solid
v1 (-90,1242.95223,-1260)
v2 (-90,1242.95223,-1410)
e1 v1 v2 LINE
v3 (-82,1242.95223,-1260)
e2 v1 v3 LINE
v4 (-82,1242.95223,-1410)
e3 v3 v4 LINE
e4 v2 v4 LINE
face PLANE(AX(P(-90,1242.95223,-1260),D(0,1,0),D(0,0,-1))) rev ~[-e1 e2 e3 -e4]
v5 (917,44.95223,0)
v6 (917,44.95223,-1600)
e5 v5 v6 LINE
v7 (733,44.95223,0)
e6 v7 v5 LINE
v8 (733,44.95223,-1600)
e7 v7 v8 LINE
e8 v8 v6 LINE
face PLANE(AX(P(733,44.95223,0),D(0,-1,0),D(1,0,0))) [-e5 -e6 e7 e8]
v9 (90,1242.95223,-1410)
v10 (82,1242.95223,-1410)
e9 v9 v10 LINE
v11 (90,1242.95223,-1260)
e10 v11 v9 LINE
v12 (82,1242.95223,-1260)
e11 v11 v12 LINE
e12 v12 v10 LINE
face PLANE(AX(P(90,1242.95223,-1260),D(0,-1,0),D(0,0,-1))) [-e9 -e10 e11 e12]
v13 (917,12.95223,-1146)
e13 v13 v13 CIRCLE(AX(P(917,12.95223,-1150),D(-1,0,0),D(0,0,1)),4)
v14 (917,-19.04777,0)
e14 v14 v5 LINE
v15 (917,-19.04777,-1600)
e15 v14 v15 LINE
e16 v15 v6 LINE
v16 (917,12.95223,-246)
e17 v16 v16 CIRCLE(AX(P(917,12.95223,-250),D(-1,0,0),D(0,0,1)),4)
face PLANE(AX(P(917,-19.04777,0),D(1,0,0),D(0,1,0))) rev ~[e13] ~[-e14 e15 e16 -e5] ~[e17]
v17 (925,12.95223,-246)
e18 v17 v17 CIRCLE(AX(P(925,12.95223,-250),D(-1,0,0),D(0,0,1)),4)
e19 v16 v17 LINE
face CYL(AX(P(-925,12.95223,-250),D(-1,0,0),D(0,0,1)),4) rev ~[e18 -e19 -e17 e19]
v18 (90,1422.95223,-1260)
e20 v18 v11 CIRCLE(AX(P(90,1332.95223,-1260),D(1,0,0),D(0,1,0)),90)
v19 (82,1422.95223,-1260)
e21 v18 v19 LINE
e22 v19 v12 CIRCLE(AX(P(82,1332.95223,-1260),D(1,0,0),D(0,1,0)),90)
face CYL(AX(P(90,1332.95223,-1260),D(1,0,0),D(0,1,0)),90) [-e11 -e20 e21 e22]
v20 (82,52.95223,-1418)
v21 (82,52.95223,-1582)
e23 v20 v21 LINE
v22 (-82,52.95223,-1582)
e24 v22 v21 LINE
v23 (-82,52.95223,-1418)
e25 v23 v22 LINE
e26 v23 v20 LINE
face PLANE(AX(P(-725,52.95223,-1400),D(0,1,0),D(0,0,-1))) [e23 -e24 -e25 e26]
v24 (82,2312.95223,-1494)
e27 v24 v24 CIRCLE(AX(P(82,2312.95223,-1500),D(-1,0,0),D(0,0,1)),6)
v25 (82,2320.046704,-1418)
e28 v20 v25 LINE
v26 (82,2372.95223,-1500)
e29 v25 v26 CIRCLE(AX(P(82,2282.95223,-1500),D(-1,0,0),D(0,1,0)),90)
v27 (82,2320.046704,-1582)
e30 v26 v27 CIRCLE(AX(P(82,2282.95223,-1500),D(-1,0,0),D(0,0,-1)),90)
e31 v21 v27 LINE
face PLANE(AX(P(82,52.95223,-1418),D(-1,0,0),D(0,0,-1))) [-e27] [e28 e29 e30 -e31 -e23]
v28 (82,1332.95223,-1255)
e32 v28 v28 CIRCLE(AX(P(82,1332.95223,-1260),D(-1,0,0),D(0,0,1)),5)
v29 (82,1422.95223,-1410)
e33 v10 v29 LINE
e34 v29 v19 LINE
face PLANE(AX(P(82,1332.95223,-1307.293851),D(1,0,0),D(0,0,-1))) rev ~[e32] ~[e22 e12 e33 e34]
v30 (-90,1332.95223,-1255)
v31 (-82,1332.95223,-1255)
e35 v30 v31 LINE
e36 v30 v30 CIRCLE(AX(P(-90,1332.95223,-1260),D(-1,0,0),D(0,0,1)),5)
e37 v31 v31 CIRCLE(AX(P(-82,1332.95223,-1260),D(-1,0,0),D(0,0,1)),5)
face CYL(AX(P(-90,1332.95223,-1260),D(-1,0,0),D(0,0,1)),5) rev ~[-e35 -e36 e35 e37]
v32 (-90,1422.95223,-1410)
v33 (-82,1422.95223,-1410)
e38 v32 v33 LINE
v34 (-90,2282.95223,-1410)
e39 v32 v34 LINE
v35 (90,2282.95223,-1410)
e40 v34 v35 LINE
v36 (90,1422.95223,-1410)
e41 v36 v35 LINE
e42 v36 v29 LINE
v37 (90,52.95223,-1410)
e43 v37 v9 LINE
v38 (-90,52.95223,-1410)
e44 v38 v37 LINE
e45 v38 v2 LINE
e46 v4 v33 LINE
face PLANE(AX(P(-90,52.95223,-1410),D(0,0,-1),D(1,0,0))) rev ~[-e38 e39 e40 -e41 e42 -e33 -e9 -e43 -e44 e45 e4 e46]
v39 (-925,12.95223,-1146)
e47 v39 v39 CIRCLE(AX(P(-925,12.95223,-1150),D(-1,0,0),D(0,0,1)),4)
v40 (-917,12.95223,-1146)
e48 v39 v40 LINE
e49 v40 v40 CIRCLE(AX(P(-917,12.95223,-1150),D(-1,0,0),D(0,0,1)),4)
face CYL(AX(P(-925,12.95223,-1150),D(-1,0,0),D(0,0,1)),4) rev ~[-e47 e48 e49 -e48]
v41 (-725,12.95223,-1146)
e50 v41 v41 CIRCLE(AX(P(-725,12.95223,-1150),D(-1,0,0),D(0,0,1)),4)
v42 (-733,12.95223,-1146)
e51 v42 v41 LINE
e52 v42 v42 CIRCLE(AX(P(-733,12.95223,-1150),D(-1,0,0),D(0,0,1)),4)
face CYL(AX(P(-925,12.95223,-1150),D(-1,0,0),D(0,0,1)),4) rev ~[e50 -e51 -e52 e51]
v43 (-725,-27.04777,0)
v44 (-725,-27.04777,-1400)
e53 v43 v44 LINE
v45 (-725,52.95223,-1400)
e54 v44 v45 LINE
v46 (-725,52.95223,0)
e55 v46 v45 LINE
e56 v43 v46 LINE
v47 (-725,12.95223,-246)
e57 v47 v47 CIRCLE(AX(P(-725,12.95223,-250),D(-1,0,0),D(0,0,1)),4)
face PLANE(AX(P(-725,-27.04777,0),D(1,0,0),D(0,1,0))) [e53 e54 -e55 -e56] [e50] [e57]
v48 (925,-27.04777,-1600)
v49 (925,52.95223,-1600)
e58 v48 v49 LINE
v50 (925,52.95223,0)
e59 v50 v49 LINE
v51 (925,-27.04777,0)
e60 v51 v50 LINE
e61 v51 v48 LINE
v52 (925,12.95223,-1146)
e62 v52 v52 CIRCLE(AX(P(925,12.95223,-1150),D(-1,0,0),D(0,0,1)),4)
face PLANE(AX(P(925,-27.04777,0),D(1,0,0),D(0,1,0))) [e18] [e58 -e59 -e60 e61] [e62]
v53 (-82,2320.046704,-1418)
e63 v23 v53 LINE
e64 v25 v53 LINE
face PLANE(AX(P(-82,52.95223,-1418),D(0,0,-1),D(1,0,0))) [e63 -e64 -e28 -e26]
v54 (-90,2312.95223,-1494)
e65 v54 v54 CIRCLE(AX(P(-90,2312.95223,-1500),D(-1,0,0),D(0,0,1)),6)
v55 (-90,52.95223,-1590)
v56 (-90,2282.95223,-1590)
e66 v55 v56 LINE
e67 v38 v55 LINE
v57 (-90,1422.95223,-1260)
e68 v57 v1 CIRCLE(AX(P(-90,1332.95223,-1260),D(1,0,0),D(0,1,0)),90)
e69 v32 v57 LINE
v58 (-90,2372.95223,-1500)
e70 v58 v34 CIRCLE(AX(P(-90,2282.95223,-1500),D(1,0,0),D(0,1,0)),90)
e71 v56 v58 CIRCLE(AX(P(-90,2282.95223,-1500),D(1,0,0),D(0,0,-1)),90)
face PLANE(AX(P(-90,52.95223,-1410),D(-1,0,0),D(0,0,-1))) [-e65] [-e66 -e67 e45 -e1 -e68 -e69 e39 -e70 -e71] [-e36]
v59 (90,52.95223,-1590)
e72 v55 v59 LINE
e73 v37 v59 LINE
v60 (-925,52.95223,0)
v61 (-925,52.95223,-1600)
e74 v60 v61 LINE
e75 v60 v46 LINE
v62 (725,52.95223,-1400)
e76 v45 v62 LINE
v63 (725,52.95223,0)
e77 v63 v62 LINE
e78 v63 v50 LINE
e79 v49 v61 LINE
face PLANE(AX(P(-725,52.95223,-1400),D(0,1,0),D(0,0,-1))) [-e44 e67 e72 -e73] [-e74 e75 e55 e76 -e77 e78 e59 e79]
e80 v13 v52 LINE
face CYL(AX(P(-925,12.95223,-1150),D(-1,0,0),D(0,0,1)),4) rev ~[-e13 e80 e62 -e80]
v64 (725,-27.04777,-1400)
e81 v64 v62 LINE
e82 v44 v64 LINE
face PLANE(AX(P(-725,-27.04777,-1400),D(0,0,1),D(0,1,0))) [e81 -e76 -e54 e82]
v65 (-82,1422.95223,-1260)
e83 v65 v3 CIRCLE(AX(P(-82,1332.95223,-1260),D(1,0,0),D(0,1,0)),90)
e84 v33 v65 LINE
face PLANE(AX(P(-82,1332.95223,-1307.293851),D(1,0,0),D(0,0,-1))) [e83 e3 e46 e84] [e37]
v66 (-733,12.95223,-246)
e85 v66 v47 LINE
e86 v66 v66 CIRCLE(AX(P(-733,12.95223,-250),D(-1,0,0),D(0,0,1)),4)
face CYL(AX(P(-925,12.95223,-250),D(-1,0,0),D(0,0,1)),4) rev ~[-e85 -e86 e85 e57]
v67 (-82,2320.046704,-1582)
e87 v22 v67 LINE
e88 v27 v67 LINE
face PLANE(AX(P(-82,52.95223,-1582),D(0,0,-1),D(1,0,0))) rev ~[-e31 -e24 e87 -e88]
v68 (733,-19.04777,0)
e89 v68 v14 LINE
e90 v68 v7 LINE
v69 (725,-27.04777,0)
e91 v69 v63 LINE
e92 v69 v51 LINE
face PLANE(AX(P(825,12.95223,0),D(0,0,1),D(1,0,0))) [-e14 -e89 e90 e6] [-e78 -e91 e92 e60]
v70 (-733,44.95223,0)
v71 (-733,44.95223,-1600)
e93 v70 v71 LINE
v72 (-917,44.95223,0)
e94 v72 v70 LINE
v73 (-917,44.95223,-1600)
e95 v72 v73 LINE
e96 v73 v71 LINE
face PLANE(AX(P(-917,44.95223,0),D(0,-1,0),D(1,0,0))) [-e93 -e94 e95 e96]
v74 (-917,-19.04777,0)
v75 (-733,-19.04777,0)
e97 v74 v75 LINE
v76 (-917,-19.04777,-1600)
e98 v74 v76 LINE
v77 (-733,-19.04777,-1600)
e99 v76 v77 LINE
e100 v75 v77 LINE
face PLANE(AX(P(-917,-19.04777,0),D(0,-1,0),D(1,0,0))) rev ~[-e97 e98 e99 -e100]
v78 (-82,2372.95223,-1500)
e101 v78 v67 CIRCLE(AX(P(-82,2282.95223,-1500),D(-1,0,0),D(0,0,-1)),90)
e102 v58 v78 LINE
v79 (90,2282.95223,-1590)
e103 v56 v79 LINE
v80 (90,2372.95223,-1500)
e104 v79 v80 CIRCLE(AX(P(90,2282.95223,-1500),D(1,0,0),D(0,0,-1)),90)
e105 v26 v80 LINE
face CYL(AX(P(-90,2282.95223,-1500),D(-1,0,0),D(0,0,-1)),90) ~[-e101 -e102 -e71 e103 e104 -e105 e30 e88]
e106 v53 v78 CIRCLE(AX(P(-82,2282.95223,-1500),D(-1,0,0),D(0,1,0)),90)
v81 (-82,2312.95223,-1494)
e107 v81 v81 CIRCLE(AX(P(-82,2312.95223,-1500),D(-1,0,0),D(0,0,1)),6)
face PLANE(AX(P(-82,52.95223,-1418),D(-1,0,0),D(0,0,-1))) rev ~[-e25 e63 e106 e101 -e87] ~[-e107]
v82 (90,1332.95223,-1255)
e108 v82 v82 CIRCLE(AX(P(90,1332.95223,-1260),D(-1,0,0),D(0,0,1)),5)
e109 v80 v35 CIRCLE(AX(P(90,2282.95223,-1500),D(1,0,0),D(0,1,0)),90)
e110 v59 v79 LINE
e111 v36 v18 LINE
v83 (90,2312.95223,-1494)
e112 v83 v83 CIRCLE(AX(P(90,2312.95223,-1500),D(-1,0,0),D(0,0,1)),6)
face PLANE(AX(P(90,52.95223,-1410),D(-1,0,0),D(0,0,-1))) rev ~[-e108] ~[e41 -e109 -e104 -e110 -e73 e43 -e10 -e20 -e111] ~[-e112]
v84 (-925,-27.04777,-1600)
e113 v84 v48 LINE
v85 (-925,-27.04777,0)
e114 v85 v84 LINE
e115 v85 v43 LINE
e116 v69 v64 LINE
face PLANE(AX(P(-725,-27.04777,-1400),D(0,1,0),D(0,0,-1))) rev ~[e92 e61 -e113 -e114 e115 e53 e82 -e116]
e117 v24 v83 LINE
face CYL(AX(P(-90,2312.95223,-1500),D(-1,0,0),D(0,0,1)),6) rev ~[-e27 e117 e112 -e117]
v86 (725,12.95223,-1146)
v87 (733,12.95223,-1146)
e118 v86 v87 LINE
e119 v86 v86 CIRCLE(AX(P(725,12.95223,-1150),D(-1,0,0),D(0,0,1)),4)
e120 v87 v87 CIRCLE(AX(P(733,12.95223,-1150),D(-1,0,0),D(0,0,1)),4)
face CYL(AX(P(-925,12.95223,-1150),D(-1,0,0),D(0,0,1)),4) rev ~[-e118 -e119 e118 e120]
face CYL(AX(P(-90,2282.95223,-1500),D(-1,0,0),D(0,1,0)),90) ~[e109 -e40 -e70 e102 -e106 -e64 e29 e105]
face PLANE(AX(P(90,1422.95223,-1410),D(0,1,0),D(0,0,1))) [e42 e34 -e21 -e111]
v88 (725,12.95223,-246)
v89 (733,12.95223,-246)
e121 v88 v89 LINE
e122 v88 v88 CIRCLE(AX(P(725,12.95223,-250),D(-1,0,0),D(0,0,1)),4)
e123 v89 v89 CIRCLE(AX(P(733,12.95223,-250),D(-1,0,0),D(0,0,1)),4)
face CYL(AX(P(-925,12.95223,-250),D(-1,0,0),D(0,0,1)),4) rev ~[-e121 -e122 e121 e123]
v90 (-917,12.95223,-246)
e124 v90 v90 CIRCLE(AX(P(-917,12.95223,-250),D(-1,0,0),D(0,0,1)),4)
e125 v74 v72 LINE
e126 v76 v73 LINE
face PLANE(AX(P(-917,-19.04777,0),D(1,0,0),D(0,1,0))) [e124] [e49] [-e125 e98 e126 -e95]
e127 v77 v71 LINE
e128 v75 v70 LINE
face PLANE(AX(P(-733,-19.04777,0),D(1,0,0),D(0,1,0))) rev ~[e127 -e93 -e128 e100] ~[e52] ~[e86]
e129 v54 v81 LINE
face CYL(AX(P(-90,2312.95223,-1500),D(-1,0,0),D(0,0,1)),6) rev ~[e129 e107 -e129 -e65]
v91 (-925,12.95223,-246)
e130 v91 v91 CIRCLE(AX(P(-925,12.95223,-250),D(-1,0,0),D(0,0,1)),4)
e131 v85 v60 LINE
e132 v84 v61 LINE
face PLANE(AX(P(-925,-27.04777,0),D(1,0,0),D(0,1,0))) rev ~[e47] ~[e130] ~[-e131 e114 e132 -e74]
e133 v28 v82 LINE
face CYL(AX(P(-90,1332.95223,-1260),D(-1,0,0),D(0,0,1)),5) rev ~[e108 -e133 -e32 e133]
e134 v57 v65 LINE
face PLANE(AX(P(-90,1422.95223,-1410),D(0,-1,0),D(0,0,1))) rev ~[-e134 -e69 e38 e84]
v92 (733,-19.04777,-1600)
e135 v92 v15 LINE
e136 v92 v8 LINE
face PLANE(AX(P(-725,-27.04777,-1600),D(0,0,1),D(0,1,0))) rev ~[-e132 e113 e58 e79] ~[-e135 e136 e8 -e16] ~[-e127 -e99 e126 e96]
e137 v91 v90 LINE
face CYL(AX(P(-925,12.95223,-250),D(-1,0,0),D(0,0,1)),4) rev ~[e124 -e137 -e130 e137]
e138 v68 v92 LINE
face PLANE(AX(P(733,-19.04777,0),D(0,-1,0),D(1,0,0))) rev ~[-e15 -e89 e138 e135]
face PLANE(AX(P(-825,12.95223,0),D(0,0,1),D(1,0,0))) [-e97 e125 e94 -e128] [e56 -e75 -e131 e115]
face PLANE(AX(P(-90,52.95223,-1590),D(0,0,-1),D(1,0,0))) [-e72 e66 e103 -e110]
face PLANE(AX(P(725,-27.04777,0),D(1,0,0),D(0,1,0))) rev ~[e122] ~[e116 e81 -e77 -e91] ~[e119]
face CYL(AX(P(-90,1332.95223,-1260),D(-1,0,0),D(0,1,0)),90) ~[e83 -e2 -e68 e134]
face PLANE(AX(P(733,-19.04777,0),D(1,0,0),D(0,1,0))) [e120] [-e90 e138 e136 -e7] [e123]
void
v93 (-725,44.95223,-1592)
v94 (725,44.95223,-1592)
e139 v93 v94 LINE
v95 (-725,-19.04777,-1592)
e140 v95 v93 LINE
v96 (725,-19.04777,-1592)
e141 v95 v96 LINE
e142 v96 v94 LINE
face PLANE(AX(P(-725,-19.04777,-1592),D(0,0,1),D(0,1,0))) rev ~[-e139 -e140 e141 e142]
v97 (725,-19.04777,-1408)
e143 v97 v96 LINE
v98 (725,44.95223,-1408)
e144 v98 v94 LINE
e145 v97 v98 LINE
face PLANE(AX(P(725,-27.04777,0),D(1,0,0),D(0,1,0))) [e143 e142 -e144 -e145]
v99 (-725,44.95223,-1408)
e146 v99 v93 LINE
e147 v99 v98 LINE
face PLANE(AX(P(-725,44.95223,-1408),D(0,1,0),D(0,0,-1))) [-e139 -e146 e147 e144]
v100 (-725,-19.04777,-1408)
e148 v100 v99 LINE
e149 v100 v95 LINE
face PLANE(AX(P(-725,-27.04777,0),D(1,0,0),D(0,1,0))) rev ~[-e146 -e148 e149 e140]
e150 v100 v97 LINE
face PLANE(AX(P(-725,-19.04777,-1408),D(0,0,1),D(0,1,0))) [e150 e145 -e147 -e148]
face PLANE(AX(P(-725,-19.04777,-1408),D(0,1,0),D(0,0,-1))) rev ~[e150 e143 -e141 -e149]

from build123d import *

# Parameters (mm, degrees)
IZIM1_W                       = 200
IZIM1_H                       = 80
IZIM1_W_2                     = 184
IZIM1_H_2                     = 64
Y_KSEKLIK_EKSTR_ZYON1_DEPTH   = 1600
Y_KSEKLIK_EKSTR_ZYON1_2_DEPTH = 1600
IZIM2_W                       = 200
IZIM2_H                       = 80
IZIM2_W_2                     = 184
IZIM2_H_2                     = 64
Y_KSEKLIK_EKSTR_ZYON2_DEPTH   = 1450
IZIM3_W                       = 180
IZIM3_H                       = 180
IZIM3_W_2                     = 164
IZIM3_H_2                     = 164
Y_KSEKLIK_EKSTR_ZYON3_DEPTH   = 2320
KES_EKSTR_ZYON1_DEPTH         = 180
IZIM4_3_R                     = 6
KES_EKSTR_ZYON2_DEPTH         = 180
IZIM5_R                       = 4
KES_EKSTR_ZYON3_DEPTH         = 1850
Y_KSEKLIK_EKSTR_ZYON4_DEPTH   = 8
Y_KSEKLIK_EKSTR_ZYON5_DEPTH   = 8
IZIM8_R                       = 5
KES_EKSTR_ZYON4_DEPTH         = 284


with BuildPart() as part:
    # Çizim1 → Yükseklik-Ekstrüzyon1 (new body)
    with BuildSketch(Plane.XY):
        with Locations((-825, 12.952230465)):
            Rectangle(IZIM1_W, IZIM1_H)
        with Locations((-825, 12.952230465)):
            Rectangle(IZIM1_W_2, IZIM1_H_2, mode=Mode.SUBTRACT)
    extrude(amount=-Y_KSEKLIK_EKSTR_ZYON1_DEPTH)



with BuildPart() as body_2:
    # Çizim1 → Y_kseklik-Ekstr_zyon1 2 (new body)
    with BuildSketch(Plane.XY):
        with Locations((825, 12.952230465)):
            Rectangle(IZIM1_W, IZIM1_H)
        with Locations((825, 12.952230465)):
            Rectangle(IZIM1_W_2, IZIM1_H_2, mode=Mode.SUBTRACT)
    extrude(amount=-Y_KSEKLIK_EKSTR_ZYON1_2_DEPTH)


with BuildPart() as part_1:
    add(part.part)

    add(body_2.part)  # Yükseklik-Ekstrüzyon2 merges body 2
    # Çizim2 → Yükseklik-Ekstrüzyon2 (add)
    with BuildSketch(Plane(origin=(-725, 0, 0), x_dir=(0, 0, -1), z_dir=(1, 0, 0))):
        with Locations((1500, 12.952230465)):
            Rectangle(IZIM2_W, IZIM2_H)
        with Locations((1500, 12.952230465)):
            Rectangle(IZIM2_W_2, IZIM2_H_2, mode=Mode.SUBTRACT)
    extrude(amount=Y_KSEKLIK_EKSTR_ZYON2_DEPTH)

    # Çizim3 → Yükseklik-Ekstrüzyon3 (add)
    with BuildSketch(Plane(origin=(0, 52.952230465, 0), x_dir=(1, 0, 0), z_dir=(0, 1, 0))):
        with Locations((0, 1500)):
            Rectangle(IZIM3_W, IZIM3_H)
        with Locations((0, 1500)):
            Rectangle(IZIM3_W_2, IZIM3_H_2, mode=Mode.SUBTRACT)
    extrude(amount=Y_KSEKLIK_EKSTR_ZYON3_DEPTH)

    # Çizim4 → Kes-Ekstrüzyon1 (cut)
    with BuildSketch(Plane.ZY.offset(90)):
        with BuildLine():
            Line((-1590, 2372.952230465), (-1590, 2282.952230465))
            ThreePointArc((-1590, 2282.952230465), (-1563.639610307, 2346.591840772), (-1500, 2372.952230465))
            Line((-1500, 2372.952230465), (-1590, 2372.952230465))
        make_face()
        with BuildLine():
            ThreePointArc((-1500, 2372.952230465), (-1436.360389693, 2346.591840772), (-1410, 2282.952230465))
            Line((-1410, 2282.952230465), (-1410, 2372.952230465))
            Line((-1410, 2372.952230465), (-1500, 2372.952230465))
        make_face()
    extrude(amount=-KES_EKSTR_ZYON1_DEPTH, mode=Mode.SUBTRACT)

    # Çizim4<3> → Kes-Ekstrüzyon2 (cut)
    with BuildSketch(Plane.ZY.offset(90)):
        with Locations((-1500, 2312.952230465)):
            Circle(IZIM4_3_R)
    extrude(amount=-KES_EKSTR_ZYON2_DEPTH, mode=Mode.SUBTRACT)

    # Çizim5 → Kes-Ekstrüzyon3 (cut)
    with BuildSketch(Plane.ZY.offset(925)):
        with Locations((-250, 12.952230465)):
            Circle(IZIM5_R)
        with Locations((-1150, 12.952230465)):
            Circle(IZIM5_R)
    extrude(amount=-KES_EKSTR_ZYON3_DEPTH, mode=Mode.SUBTRACT)

    # Çizim6 → Yükseklik-Ekstrüzyon4 (add)
    with BuildSketch(Plane.ZY.offset(90)):
        with BuildLine():
            Line((-1410, 1422.952230465), (-1260, 1422.952230465))
            ThreePointArc((-1260, 1422.952230465), (-1170, 1332.952230465), (-1260, 1242.952230465))
            Line((-1260, 1242.952230465), (-1410, 1242.952230465))
            Line((-1410, 1242.952230465), (-1410, 1422.952230465))
        make_face()
    extrude(amount=-Y_KSEKLIK_EKSTR_ZYON4_DEPTH)

    # Çizim7 → Yükseklik-Ekstrüzyon5 (add)
    with BuildSketch(Plane(origin=(90, 0, 0), x_dir=(0, 0, -1), z_dir=(1, 0, 0))):
        with BuildLine():
            Line((1410, 1422.952230465), (1260, 1422.952230465))
            ThreePointArc((1260, 1422.952230465), (1170, 1332.952230465), (1260, 1242.952230465))
            Line((1260, 1242.952230465), (1410, 1242.952230465))
            Line((1410, 1242.952230465), (1410, 1422.952230465))
        make_face()
    extrude(amount=-Y_KSEKLIK_EKSTR_ZYON5_DEPTH)

    # Çizim8 → Kes-Ekstrüzyon4 (cut)
    with BuildSketch(Plane.ZY.offset(90)):
        with Locations((-1260, 1332.952230465)):
            Circle(IZIM8_R)
    extrude(amount=-KES_EKSTR_ZYON4_DEPTH, mode=Mode.SUBTRACT)


solid = part_1.part
